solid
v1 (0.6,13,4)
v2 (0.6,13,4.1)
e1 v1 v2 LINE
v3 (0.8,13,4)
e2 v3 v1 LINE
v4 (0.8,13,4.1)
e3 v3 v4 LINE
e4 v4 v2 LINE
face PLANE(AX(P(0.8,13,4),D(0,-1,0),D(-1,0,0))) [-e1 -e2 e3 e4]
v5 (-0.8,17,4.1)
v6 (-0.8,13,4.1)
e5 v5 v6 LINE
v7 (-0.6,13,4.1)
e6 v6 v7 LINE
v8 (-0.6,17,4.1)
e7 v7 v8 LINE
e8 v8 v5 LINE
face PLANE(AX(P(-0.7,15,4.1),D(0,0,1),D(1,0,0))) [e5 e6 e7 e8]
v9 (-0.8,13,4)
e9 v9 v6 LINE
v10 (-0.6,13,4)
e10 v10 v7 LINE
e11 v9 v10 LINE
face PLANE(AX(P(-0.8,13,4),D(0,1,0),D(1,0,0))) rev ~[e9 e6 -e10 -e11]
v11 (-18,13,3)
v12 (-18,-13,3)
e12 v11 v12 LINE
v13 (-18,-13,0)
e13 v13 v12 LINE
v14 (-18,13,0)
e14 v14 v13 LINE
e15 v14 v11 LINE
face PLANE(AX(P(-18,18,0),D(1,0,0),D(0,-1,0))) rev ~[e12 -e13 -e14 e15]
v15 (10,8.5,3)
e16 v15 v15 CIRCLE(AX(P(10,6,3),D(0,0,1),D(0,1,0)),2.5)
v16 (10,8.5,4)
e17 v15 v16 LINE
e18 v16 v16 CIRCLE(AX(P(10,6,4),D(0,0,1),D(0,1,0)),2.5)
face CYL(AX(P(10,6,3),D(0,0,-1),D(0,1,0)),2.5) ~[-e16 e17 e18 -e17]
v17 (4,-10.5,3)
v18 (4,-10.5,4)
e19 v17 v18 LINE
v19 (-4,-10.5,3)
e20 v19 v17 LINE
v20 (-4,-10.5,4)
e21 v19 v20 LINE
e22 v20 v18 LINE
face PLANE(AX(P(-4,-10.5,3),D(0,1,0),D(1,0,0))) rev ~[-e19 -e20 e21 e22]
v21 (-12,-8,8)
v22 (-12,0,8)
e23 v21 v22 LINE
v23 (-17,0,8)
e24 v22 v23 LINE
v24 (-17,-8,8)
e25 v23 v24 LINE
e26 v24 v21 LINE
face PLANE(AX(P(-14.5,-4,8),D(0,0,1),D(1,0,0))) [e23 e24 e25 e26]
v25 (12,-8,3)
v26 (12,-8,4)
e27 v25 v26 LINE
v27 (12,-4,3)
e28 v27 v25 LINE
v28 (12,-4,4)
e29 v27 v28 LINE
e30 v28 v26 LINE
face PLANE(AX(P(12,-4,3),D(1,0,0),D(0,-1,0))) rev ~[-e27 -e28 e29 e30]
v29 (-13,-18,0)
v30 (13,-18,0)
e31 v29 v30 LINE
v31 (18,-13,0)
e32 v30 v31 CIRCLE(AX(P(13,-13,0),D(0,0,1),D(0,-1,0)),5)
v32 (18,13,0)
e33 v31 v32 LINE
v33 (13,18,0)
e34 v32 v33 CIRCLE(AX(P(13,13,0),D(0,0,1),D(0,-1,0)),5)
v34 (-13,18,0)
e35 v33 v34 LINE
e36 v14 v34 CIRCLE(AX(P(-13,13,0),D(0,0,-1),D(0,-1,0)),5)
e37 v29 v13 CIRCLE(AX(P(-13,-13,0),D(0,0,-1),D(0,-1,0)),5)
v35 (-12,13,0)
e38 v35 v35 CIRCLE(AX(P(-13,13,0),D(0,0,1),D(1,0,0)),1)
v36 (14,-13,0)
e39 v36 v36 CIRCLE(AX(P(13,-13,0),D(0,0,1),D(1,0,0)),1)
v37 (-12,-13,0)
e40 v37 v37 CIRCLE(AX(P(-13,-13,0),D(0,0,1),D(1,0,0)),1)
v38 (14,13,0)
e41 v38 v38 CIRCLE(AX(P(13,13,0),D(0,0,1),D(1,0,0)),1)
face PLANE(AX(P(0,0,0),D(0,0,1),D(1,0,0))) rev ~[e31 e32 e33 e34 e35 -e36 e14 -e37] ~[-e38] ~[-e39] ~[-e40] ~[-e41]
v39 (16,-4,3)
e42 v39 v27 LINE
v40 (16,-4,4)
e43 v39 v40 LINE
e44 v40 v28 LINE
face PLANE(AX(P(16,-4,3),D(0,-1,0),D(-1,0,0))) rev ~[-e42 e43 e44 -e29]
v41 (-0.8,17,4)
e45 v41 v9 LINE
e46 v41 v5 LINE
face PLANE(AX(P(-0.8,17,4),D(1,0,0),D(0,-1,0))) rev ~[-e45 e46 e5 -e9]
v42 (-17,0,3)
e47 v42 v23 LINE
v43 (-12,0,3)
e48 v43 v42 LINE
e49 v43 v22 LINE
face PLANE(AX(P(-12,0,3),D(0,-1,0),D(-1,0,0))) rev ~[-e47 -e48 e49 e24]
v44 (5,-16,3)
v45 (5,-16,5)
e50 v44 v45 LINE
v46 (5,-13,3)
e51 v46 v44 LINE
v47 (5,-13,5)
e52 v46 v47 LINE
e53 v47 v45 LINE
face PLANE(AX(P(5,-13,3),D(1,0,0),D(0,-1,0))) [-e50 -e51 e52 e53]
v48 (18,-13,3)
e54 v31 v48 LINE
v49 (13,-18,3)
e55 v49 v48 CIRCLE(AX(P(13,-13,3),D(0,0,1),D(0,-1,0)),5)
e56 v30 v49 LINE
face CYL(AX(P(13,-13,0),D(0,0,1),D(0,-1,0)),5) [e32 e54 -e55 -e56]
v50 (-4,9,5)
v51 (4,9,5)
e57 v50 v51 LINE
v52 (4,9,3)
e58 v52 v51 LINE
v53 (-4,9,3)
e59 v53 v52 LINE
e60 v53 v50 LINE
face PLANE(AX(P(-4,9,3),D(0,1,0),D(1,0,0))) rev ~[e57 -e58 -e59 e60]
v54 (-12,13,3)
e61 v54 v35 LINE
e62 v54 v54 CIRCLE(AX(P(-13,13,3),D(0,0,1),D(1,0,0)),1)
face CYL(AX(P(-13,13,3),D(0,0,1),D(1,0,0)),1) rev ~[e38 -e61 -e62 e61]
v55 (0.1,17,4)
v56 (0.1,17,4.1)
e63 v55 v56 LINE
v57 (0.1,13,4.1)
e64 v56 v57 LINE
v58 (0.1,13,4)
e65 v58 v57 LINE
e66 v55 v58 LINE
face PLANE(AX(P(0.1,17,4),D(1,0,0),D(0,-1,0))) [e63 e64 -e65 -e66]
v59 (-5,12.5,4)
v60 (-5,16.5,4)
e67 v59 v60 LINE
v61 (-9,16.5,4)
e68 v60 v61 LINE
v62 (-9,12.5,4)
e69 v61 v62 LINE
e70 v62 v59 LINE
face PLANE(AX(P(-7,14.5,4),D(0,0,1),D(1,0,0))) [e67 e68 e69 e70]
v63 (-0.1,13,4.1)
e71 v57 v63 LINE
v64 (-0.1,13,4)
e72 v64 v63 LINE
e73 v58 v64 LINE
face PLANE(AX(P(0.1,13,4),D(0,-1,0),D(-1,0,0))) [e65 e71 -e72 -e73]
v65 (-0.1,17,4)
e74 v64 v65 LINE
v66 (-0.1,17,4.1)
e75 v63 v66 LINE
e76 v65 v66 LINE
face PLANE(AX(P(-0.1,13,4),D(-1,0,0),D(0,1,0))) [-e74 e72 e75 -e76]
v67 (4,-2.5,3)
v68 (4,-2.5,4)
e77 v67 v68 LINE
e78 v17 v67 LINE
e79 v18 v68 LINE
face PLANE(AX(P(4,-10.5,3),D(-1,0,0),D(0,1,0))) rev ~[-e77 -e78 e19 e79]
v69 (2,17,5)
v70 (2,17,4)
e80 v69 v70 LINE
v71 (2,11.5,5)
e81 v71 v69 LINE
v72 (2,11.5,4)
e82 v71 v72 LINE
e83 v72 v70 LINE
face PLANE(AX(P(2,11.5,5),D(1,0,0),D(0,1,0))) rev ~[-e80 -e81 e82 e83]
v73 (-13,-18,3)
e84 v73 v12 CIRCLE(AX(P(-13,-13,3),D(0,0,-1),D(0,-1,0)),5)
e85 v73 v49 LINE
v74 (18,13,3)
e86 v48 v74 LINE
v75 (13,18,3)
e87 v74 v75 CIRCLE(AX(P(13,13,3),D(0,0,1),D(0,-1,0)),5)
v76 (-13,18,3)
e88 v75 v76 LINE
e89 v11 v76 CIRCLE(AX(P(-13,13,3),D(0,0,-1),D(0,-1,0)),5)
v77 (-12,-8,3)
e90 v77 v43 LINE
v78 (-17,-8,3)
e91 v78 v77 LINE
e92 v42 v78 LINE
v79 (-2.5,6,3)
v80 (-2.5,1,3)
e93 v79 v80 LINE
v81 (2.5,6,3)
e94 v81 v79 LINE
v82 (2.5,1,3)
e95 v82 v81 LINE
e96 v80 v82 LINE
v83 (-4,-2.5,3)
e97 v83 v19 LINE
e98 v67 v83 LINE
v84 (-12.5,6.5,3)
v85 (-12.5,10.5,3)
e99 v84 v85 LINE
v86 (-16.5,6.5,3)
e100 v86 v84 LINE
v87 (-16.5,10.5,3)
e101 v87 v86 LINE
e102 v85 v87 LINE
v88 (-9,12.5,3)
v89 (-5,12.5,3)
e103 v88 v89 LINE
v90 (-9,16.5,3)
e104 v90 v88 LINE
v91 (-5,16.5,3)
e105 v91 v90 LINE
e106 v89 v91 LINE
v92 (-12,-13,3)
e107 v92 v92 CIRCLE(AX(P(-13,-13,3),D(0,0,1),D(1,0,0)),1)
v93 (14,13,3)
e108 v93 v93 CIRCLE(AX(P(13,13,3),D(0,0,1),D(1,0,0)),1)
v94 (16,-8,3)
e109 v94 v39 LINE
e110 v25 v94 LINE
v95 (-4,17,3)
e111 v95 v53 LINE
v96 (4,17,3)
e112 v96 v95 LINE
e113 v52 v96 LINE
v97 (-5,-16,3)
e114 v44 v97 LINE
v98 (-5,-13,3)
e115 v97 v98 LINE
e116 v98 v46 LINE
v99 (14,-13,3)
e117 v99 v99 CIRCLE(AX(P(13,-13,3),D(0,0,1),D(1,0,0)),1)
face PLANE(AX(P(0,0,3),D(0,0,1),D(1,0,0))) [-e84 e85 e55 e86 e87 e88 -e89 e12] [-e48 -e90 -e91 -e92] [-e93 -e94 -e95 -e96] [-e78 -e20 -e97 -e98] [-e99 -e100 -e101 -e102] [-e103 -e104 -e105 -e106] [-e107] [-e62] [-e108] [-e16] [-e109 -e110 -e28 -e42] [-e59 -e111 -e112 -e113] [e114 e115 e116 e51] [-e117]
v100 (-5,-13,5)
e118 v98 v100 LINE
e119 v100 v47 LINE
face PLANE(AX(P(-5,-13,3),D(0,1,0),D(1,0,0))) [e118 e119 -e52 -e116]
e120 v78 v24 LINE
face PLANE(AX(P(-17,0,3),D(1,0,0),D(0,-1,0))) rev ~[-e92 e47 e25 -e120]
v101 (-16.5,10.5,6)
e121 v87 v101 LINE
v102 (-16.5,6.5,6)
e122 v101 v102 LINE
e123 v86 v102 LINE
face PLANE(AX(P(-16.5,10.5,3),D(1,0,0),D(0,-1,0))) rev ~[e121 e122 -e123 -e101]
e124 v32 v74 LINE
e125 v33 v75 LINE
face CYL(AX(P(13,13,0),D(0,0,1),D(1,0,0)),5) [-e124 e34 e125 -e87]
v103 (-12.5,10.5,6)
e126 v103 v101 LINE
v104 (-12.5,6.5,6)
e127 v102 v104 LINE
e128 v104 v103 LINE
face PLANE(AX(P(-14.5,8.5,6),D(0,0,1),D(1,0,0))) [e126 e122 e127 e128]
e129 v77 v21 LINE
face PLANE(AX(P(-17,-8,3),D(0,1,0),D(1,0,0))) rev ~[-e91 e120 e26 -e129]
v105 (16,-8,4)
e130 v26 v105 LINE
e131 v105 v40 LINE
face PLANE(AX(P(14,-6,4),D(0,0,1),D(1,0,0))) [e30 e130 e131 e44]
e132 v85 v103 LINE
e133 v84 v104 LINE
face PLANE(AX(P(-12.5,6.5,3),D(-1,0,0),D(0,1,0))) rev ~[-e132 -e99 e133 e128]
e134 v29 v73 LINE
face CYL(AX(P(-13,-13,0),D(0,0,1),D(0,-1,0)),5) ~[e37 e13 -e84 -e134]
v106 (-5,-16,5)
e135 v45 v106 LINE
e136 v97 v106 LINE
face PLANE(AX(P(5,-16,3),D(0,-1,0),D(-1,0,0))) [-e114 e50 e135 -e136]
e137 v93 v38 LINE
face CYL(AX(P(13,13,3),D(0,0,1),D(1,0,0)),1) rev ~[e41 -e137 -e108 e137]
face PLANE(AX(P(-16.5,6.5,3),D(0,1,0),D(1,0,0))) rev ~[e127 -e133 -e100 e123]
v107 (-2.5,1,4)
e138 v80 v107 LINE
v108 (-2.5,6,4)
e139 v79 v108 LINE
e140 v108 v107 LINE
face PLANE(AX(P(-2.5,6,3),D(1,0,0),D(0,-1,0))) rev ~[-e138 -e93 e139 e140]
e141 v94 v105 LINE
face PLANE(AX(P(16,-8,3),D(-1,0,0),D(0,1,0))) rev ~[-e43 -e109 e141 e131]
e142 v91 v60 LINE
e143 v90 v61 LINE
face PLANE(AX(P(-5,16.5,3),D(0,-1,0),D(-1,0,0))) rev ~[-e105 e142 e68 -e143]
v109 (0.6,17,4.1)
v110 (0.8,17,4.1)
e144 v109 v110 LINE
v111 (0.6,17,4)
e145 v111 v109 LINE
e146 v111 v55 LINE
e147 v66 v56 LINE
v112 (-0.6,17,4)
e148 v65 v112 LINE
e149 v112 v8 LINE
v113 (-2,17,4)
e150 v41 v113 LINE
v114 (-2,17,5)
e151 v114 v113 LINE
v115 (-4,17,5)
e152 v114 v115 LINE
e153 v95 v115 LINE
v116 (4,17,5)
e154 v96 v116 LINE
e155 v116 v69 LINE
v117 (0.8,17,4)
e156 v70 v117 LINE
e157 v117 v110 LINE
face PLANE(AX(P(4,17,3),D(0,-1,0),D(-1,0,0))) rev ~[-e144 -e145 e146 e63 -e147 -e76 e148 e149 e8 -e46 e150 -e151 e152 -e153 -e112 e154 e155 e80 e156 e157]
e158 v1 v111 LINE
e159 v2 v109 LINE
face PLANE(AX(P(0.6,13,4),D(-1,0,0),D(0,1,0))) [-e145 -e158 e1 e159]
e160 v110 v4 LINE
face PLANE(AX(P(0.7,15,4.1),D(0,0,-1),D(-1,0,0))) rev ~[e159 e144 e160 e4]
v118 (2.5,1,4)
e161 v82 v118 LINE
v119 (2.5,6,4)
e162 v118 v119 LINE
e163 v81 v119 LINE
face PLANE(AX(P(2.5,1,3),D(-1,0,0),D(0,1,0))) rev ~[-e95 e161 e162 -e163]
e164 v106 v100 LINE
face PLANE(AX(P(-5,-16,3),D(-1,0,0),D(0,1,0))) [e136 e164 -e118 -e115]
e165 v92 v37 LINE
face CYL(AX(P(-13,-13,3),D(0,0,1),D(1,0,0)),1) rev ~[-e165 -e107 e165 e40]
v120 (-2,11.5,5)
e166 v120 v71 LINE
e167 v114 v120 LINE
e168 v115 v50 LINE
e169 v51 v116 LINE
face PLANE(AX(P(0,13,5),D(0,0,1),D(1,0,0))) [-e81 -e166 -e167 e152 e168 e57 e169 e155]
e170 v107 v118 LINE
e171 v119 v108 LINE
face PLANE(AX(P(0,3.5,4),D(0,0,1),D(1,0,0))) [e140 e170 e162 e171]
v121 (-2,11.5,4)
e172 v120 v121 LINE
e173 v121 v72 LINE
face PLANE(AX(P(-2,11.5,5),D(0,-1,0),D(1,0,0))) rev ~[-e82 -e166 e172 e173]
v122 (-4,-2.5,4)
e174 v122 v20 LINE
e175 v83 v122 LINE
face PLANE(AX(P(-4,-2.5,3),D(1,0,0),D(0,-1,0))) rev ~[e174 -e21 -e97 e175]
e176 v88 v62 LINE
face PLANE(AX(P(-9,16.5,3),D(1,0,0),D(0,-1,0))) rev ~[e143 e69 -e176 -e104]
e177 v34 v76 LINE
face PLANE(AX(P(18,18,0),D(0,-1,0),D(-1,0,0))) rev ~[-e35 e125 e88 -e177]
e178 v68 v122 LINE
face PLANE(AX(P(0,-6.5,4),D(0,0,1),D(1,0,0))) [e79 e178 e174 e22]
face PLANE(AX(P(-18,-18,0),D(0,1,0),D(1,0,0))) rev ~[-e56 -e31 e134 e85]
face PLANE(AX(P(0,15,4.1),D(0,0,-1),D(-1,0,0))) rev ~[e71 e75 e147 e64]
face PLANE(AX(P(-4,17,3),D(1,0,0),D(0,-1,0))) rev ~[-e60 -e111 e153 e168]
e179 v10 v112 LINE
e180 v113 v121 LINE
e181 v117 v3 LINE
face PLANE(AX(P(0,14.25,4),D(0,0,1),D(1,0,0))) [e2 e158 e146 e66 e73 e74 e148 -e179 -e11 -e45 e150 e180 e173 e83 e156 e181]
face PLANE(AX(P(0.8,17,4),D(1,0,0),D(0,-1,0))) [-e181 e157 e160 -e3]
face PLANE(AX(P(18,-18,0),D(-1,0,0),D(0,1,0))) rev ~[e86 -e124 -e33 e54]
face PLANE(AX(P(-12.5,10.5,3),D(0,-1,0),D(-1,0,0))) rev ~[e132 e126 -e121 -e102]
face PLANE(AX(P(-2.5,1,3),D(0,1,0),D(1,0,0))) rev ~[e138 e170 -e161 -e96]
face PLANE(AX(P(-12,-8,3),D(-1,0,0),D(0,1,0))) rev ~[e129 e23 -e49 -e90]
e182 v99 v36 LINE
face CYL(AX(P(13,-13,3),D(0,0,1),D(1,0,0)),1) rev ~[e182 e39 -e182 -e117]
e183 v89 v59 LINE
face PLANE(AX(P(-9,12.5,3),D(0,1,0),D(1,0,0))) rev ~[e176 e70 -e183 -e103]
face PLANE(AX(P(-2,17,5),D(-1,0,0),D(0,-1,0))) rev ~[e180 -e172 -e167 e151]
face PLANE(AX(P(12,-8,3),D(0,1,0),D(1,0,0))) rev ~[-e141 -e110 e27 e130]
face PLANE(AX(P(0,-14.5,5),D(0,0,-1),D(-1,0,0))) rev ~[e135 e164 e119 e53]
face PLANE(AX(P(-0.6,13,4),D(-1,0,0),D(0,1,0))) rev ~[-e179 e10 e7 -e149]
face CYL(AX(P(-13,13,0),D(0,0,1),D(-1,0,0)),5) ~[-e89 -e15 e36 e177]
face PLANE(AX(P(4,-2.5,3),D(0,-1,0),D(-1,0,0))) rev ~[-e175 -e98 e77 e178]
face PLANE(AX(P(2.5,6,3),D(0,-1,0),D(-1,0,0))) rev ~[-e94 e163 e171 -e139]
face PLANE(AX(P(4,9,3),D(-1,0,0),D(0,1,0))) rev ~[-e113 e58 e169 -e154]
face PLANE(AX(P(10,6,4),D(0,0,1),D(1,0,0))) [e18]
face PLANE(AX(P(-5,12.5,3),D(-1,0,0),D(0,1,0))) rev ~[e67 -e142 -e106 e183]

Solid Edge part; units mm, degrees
sketch "Sketch1" plane through (0, 0, 0) normal (0, 0, 1) x (1, 0, 0)
  line L0 (-18, -18) -> (18, -18)
  line L1 (18, -18) -> (18, 18)
  line L2 (18, 18) -> (-18, 18)
  line L3 (-18, 18) -> (-18, -18)
  dimension "D1" = 36
extrude "Protrusion1" add sketch "Sketch1" along normal blind 3
sketch "Sketch2" plane through (0, 0, 3) normal (0, 0, 1) x (1, 0, 0)
  circle A0 centre (13, 13) radius 1
  circle A1 centre (13, -13) radius 1
  circle A2 centre (-13, -13) radius 1
  circle A3 centre (-13, 13) radius 1
  dimension "D1" = 2
extrude "Cutout1" cut sketch "Sketch2" against normal up to next
sketch "Sketch3" plane through (0, 0, 3) normal (0, 0, 1) x (0, 1, 0)
  line L0 (-8, 12) -> (0, 12)
  line L1 (0, 12) -> (0, 17)
  line L2 (0, 17) -> (-8, 17)
  line L3 (-8, 17) -> (-8, 12)
extrude "Collegamento_cavi" add sketch "Sketch3" along normal blind 5
sketch "Sketch4" plane through (0, 0, 3) normal (0, 0, 1) x (0, 1, 0)
  line L0 (6.5, 12.5) -> (10.5, 12.5)
  line L1 (10.5, 12.5) -> (10.5, 16.5)
  line L2 (10.5, 16.5) -> (6.5, 16.5)
  line L3 (6.5, 16.5) -> (6.5, 12.5)
extrude "Collegamento_secondario" add sketch "Sketch4" along normal blind 3
sketch "Sketch5" plane through (0, 0, 3) normal (0, 0, 1) x (0, 1, 0)
  line L0 (-2.5, 4) -> (-10.5, 4)
  line L1 (-10.5, 4) -> (-10.5, -4)
  line L2 (-10.5, -4) -> (-2.5, -4)
  line L3 (-2.5, -4) -> (-2.5, 4)
extrude "Scheda" add sketch "Sketch5" along normal blind 1
sketch "Sketch6" plane through (0, 0, 3) normal (0, 0, 1) x (0, 1, 0)
  line L0 (1, 2.5) -> (1, -2.5)
  line L1 (1, -2.5) -> (6, -2.5)
  line L2 (6, -2.5) -> (6, 2.5)
  line L3 (6, 2.5) -> (1, 2.5)
extrude "Schedina" add sketch "Sketch6" along normal blind 1
sketch "Sketch7" plane through (0, 0, 3) normal (0, 0, 1) x (0, 1, 0)
  circle A0 centre (6, -10) radius 2.5
extrude "Protrusione_circolare" add sketch "Sketch7" along normal blind 1
sketch "Sketch8" plane through (0, 0, 3) normal (0, 0, 1) x (0, 1, 0)
  line L0 (9, -4) -> (17, -4)
  line L1 (17, -4) -> (17, 4)
  line L2 (17, 4) -> (9, 4)
  line L3 (9, 4) -> (9, -4)
extrude "Collegamento_Camera" add sketch "Sketch8" along normal blind 2
sketch "Sketch9" plane through (0, 0, 3) normal (0, 0, 1) x (0, 1, 0)
  line L0 (-4, -16) -> (-4, -12)
  line L1 (-4, -12) -> (-8, -12)
  line L2 (-8, -12) -> (-8, -16)
  line L3 (-8, -16) -> (-4, -16)
extrude "Scheda_laterale" add sketch "Sketch9" along normal blind 1
sketch "Sketch10" plane through (0, 0, 3) normal (0, 0, 1) x (0, 1, 0)
  line L0 (16.5, 9) -> (12.5, 9)
  line L1 (12.5, 9) -> (12.5, 5)
  line L2 (12.5, 5) -> (16.5, 5)
  line L3 (16.5, 5) -> (16.5, 9)
extrude "Scheda_posteriore" add sketch "Sketch10" along normal blind 1
fillet "Rotondo_1" radius 5 4 edges at (18, -18, 1.5) (18, 18, 1.5) (-18, -18, 1.5) (-18, 18, 1.5)
sketch "Sketch11" plane through (0, 13, 5) normal (0, 0, 1) x (-1, 0, 0)
  line L0 (-2, -4) -> (2, -4)
  line L1 (2, -4) -> (2, 1.5)
  line L2 (2, 1.5) -> (-2, 1.5)
  line L3 (-2, 1.5) -> (-2, -4)
  dimension "D1" = 5.5
  dimension "D2" = 4
extrude "Alloggio_cavi_Camera" cut sketch "Sketch11" against normal blind 1
sketch "Sketch12" plane through (0, 0, 3) normal (0, 0, 1) x (-1, 0, 0)
  line L0 (5, 13) -> (-5, 13)
  line L1 (-5, 13) -> (-5, 16)
  line L2 (-5, 16) -> (5, 16)
  line L3 (5, 16) -> (5, 13)
extrude "ProtrusioneEstrusa_12" add sketch "Sketch12" along normal blind 2
sketch "Sketch13" plane through (0, 14.25, 4) normal (0, 0, 1) x (-1, 0, 0)
  line L0 (-0.8, -2.75) -> (-0.8, 1.25)
  line L1 (-0.8, 1.25) -> (-0.6, 1.25)
  line L2 (-0.6, 1.25) -> (-0.6, -2.75)
  line L3 (-0.6, -2.75) -> (-0.8, -2.75)
  line L4 (0.1, 1.25) -> (0.1, -2.75)
  line L5 (0.1, -2.75) -> (-0.1, -2.75)
  line L6 (-0.1, -2.75) -> (-0.1, 1.25)
  line L7 (-0.1, 1.25) -> (0.1, 1.25)
  line L8 (0.8, -2.75) -> (0.8, 1.25)
  line L9 (0.8, 1.25) -> (0.6, 1.25)
  line L10 (0.6, 1.25) -> (0.6, -2.75)
  line L11 (0.6, -2.75) -> (0.8, -2.75)
  dimension "D1" = 0.2
  dimension "D2" = 4
  dimension "D3" = 0.5
  dimension "D4" = 0.5
extrude "ProtrusioneEstrusa_13" add sketch "Sketch13" along normal blind 0.1
